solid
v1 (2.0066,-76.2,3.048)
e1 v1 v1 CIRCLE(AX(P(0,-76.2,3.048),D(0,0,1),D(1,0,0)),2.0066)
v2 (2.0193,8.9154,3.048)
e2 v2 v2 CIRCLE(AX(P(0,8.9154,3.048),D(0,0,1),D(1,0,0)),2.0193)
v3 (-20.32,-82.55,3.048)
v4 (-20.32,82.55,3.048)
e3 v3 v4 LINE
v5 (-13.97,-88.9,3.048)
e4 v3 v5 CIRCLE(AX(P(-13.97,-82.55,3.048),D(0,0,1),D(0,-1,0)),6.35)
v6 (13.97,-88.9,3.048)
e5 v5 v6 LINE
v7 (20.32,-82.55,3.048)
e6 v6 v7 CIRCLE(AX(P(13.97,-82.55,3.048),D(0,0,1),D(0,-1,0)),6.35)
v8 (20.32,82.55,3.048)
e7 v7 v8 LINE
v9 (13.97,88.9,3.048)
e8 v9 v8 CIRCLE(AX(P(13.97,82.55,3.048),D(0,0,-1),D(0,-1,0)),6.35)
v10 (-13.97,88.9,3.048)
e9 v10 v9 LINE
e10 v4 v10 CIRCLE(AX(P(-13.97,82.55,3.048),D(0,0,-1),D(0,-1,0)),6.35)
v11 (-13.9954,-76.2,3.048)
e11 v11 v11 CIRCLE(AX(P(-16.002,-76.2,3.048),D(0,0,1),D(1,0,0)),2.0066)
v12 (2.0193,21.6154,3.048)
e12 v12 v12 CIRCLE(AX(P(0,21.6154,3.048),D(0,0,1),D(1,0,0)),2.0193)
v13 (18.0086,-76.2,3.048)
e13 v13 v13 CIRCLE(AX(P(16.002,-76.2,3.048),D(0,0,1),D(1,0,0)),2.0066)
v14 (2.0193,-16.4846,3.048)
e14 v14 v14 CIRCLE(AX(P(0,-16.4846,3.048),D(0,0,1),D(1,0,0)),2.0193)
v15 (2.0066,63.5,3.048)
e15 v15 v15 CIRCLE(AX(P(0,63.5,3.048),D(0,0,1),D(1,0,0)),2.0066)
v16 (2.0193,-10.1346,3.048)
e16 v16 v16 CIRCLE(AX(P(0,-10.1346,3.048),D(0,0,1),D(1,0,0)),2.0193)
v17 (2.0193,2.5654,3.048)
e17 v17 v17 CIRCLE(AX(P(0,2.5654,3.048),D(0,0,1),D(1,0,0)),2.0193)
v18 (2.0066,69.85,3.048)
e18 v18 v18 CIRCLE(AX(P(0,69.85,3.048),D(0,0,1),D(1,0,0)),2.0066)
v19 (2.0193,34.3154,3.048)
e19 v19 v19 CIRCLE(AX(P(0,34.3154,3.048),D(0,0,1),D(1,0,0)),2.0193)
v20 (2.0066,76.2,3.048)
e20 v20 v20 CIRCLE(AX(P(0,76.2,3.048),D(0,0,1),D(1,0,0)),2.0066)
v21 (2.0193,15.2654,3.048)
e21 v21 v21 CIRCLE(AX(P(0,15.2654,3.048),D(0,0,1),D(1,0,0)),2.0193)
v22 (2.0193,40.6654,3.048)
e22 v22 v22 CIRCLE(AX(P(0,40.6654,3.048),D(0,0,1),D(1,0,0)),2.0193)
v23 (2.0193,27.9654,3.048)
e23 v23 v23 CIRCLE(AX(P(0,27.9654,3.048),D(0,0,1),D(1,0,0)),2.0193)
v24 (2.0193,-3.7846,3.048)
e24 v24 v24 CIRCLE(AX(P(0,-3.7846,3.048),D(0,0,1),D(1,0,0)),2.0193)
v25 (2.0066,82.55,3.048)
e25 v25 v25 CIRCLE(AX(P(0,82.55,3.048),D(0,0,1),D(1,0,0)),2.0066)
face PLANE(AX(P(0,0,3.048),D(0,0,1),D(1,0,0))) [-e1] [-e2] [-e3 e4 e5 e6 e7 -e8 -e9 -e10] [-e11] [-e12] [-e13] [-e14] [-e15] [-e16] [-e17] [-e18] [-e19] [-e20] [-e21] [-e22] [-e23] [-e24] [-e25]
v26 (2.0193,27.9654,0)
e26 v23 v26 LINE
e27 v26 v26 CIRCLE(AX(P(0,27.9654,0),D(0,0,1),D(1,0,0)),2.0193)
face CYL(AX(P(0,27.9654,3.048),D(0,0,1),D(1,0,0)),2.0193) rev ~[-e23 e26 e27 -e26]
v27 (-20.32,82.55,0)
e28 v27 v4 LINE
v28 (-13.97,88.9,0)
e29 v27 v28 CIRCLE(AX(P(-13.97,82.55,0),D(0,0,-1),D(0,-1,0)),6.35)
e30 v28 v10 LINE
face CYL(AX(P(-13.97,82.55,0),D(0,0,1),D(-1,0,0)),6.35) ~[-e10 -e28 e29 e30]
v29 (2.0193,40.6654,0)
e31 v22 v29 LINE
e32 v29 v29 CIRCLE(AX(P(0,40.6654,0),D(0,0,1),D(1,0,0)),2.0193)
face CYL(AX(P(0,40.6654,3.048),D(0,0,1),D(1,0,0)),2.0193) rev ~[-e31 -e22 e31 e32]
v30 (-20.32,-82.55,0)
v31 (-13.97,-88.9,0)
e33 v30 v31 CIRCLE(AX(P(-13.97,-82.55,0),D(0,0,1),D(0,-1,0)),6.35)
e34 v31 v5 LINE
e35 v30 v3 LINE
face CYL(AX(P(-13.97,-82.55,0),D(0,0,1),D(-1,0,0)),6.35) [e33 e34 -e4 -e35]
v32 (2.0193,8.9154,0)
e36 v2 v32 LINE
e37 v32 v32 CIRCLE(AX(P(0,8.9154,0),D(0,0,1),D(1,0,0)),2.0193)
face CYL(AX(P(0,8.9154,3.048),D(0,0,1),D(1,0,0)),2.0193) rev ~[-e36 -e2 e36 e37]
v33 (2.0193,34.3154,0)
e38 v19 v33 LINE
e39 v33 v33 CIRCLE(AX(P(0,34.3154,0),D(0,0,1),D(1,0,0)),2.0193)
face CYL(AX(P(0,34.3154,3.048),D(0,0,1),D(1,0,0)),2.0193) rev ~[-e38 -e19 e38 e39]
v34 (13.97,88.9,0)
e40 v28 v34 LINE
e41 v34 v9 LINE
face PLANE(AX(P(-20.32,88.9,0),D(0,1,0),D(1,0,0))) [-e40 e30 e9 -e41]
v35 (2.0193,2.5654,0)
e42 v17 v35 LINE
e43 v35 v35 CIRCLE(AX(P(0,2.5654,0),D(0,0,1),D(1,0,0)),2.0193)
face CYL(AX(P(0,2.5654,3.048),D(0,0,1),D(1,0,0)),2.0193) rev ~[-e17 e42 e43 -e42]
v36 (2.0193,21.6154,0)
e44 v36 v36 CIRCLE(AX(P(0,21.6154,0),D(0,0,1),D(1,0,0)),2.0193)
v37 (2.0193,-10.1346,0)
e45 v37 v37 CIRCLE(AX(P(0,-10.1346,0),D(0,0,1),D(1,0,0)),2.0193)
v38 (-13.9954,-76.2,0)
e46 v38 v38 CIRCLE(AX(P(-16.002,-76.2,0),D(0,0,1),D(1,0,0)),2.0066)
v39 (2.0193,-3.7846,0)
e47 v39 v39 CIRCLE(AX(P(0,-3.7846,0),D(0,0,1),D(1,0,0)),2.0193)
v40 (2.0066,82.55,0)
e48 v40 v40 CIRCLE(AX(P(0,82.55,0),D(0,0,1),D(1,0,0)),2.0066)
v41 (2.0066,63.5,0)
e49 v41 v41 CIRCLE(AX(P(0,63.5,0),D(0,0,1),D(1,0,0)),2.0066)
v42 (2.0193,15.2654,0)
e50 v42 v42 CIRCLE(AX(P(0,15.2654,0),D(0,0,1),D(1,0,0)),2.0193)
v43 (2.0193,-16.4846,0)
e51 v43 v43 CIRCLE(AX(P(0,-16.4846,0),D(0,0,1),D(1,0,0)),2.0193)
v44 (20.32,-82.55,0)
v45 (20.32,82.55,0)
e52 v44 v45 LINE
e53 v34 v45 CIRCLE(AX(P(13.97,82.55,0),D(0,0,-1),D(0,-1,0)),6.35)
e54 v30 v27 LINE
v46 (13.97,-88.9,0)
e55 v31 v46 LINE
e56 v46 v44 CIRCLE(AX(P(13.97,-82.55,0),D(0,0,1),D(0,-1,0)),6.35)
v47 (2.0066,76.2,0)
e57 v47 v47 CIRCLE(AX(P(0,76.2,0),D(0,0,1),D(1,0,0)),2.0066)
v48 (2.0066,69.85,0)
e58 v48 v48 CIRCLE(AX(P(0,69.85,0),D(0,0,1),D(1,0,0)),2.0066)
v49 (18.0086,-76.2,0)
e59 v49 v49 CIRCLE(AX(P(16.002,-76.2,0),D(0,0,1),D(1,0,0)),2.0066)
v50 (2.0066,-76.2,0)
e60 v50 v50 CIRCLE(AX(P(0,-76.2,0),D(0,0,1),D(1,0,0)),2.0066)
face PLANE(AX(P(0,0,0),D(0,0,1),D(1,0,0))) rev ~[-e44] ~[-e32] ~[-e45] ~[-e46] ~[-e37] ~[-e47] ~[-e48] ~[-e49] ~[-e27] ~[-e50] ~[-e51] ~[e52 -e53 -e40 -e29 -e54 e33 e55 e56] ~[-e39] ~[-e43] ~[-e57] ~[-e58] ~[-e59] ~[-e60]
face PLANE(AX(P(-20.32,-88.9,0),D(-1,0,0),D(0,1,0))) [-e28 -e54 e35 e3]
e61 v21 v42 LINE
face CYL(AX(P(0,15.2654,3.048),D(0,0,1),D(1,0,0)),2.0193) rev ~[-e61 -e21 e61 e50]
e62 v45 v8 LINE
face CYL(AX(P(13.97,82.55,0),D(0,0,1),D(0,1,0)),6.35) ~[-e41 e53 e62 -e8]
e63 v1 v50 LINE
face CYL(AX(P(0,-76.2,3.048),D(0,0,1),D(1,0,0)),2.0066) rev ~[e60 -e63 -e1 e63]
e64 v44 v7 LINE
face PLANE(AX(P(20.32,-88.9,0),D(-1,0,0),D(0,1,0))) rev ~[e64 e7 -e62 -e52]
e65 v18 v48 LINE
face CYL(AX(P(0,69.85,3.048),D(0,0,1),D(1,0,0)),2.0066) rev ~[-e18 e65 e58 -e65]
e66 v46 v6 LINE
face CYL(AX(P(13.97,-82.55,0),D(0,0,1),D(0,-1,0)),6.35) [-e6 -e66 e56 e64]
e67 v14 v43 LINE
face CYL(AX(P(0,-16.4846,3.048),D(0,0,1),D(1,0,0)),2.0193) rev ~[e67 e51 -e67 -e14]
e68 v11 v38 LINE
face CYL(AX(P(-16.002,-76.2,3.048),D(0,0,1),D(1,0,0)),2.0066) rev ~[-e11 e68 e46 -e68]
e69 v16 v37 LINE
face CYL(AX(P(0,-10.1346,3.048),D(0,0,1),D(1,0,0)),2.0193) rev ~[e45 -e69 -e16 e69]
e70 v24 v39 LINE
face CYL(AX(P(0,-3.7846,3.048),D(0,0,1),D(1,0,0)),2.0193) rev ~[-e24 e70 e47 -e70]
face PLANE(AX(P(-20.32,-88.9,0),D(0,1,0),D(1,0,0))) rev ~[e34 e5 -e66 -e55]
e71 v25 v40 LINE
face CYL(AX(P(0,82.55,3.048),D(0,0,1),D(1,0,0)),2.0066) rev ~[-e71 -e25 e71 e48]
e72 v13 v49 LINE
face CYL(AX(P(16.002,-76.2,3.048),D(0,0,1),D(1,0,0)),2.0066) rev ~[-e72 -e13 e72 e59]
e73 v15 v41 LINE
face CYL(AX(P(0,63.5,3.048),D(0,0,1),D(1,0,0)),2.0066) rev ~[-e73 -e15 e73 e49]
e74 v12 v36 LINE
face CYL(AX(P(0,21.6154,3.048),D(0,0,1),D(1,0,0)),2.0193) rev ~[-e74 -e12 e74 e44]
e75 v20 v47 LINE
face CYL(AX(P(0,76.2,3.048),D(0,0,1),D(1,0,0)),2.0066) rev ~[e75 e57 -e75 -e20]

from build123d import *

# Parameters (mm, degrees)
SKETCH1_W           = 40.64
SKETCH1_H           = 177.8
BOSS_EXTRUDE1_DEPTH = 3.048
SKETCH2_R           = 2.0066
CUT_EXTRUDE1_DEPTH  = 3.048
SKETCH3_R           = 2.0193
CUT_EXTRUDE2_DEPTH  = 92.243644732
FILLET1_R           = 6.35


with BuildPart() as part:
    # Sketch1 → Boss-Extrude1 (new body)
    with BuildSketch(Plane.XY):
        Rectangle(SKETCH1_W, SKETCH1_H)
    extrude(amount=BOSS_EXTRUDE1_DEPTH)

    # Sketch2 → Cut-Extrude1 (cut)
    with BuildSketch(Plane.XY.offset(3.048)):
        with Locations((0, -76.2)):
            Circle(SKETCH2_R)
        with Locations((0, 82.55)):
            Circle(SKETCH2_R)
        with Locations((0, 76.2)):
            Circle(SKETCH2_R)
        with Locations((0, 69.85)):
            Circle(SKETCH2_R)
        with Locations((0, 63.5)):
            Circle(SKETCH2_R)
        with Locations((16.002, -76.2)):
            Circle(SKETCH2_R)
        with Locations((-16.002, -76.2)):
            Circle(SKETCH2_R)
    extrude(amount=-CUT_EXTRUDE1_DEPTH, mode=Mode.SUBTRACT)

    # Sketch3 → Cut-Extrude2 (cut, through all)
    with BuildSketch(Plane.XY.offset(3.048)):
        with Locations((0, -16.4846)):
            Circle(SKETCH3_R)
        with Locations((0, -10.1346)):
            Circle(SKETCH3_R)
        with Locations((0, -3.7846)):
            Circle(SKETCH3_R)
        with Locations((0, 2.5654)):
            Circle(SKETCH3_R)
        with Locations((0, 8.9154)):
            Circle(SKETCH3_R)
        with Locations((0, 15.2654)):
            Circle(SKETCH3_R)
        with Locations((0, 21.6154)):
            Circle(SKETCH3_R)
        with Locations((0, 27.9654)):
            Circle(SKETCH3_R)
        with Locations((0, 34.3154)):
            Circle(SKETCH3_R)
        with Locations((0, 40.6654)):
            Circle(SKETCH3_R)
    extrude(amount=-CUT_EXTRUDE2_DEPTH, mode=Mode.SUBTRACT)

    # Fillet1
    fillet1_edges = [part.edges().sort_by_distance(p)[0] for p in [
        (20.32, -88.9, 1.524),
        (-20.32, -88.9, 1.524),
        (-20.32, 88.9, 1.524),
        (20.32, 88.9, 1.524),
    ]]
    fillet(fillet1_edges, radius=FILLET1_R)


solid = part.part
